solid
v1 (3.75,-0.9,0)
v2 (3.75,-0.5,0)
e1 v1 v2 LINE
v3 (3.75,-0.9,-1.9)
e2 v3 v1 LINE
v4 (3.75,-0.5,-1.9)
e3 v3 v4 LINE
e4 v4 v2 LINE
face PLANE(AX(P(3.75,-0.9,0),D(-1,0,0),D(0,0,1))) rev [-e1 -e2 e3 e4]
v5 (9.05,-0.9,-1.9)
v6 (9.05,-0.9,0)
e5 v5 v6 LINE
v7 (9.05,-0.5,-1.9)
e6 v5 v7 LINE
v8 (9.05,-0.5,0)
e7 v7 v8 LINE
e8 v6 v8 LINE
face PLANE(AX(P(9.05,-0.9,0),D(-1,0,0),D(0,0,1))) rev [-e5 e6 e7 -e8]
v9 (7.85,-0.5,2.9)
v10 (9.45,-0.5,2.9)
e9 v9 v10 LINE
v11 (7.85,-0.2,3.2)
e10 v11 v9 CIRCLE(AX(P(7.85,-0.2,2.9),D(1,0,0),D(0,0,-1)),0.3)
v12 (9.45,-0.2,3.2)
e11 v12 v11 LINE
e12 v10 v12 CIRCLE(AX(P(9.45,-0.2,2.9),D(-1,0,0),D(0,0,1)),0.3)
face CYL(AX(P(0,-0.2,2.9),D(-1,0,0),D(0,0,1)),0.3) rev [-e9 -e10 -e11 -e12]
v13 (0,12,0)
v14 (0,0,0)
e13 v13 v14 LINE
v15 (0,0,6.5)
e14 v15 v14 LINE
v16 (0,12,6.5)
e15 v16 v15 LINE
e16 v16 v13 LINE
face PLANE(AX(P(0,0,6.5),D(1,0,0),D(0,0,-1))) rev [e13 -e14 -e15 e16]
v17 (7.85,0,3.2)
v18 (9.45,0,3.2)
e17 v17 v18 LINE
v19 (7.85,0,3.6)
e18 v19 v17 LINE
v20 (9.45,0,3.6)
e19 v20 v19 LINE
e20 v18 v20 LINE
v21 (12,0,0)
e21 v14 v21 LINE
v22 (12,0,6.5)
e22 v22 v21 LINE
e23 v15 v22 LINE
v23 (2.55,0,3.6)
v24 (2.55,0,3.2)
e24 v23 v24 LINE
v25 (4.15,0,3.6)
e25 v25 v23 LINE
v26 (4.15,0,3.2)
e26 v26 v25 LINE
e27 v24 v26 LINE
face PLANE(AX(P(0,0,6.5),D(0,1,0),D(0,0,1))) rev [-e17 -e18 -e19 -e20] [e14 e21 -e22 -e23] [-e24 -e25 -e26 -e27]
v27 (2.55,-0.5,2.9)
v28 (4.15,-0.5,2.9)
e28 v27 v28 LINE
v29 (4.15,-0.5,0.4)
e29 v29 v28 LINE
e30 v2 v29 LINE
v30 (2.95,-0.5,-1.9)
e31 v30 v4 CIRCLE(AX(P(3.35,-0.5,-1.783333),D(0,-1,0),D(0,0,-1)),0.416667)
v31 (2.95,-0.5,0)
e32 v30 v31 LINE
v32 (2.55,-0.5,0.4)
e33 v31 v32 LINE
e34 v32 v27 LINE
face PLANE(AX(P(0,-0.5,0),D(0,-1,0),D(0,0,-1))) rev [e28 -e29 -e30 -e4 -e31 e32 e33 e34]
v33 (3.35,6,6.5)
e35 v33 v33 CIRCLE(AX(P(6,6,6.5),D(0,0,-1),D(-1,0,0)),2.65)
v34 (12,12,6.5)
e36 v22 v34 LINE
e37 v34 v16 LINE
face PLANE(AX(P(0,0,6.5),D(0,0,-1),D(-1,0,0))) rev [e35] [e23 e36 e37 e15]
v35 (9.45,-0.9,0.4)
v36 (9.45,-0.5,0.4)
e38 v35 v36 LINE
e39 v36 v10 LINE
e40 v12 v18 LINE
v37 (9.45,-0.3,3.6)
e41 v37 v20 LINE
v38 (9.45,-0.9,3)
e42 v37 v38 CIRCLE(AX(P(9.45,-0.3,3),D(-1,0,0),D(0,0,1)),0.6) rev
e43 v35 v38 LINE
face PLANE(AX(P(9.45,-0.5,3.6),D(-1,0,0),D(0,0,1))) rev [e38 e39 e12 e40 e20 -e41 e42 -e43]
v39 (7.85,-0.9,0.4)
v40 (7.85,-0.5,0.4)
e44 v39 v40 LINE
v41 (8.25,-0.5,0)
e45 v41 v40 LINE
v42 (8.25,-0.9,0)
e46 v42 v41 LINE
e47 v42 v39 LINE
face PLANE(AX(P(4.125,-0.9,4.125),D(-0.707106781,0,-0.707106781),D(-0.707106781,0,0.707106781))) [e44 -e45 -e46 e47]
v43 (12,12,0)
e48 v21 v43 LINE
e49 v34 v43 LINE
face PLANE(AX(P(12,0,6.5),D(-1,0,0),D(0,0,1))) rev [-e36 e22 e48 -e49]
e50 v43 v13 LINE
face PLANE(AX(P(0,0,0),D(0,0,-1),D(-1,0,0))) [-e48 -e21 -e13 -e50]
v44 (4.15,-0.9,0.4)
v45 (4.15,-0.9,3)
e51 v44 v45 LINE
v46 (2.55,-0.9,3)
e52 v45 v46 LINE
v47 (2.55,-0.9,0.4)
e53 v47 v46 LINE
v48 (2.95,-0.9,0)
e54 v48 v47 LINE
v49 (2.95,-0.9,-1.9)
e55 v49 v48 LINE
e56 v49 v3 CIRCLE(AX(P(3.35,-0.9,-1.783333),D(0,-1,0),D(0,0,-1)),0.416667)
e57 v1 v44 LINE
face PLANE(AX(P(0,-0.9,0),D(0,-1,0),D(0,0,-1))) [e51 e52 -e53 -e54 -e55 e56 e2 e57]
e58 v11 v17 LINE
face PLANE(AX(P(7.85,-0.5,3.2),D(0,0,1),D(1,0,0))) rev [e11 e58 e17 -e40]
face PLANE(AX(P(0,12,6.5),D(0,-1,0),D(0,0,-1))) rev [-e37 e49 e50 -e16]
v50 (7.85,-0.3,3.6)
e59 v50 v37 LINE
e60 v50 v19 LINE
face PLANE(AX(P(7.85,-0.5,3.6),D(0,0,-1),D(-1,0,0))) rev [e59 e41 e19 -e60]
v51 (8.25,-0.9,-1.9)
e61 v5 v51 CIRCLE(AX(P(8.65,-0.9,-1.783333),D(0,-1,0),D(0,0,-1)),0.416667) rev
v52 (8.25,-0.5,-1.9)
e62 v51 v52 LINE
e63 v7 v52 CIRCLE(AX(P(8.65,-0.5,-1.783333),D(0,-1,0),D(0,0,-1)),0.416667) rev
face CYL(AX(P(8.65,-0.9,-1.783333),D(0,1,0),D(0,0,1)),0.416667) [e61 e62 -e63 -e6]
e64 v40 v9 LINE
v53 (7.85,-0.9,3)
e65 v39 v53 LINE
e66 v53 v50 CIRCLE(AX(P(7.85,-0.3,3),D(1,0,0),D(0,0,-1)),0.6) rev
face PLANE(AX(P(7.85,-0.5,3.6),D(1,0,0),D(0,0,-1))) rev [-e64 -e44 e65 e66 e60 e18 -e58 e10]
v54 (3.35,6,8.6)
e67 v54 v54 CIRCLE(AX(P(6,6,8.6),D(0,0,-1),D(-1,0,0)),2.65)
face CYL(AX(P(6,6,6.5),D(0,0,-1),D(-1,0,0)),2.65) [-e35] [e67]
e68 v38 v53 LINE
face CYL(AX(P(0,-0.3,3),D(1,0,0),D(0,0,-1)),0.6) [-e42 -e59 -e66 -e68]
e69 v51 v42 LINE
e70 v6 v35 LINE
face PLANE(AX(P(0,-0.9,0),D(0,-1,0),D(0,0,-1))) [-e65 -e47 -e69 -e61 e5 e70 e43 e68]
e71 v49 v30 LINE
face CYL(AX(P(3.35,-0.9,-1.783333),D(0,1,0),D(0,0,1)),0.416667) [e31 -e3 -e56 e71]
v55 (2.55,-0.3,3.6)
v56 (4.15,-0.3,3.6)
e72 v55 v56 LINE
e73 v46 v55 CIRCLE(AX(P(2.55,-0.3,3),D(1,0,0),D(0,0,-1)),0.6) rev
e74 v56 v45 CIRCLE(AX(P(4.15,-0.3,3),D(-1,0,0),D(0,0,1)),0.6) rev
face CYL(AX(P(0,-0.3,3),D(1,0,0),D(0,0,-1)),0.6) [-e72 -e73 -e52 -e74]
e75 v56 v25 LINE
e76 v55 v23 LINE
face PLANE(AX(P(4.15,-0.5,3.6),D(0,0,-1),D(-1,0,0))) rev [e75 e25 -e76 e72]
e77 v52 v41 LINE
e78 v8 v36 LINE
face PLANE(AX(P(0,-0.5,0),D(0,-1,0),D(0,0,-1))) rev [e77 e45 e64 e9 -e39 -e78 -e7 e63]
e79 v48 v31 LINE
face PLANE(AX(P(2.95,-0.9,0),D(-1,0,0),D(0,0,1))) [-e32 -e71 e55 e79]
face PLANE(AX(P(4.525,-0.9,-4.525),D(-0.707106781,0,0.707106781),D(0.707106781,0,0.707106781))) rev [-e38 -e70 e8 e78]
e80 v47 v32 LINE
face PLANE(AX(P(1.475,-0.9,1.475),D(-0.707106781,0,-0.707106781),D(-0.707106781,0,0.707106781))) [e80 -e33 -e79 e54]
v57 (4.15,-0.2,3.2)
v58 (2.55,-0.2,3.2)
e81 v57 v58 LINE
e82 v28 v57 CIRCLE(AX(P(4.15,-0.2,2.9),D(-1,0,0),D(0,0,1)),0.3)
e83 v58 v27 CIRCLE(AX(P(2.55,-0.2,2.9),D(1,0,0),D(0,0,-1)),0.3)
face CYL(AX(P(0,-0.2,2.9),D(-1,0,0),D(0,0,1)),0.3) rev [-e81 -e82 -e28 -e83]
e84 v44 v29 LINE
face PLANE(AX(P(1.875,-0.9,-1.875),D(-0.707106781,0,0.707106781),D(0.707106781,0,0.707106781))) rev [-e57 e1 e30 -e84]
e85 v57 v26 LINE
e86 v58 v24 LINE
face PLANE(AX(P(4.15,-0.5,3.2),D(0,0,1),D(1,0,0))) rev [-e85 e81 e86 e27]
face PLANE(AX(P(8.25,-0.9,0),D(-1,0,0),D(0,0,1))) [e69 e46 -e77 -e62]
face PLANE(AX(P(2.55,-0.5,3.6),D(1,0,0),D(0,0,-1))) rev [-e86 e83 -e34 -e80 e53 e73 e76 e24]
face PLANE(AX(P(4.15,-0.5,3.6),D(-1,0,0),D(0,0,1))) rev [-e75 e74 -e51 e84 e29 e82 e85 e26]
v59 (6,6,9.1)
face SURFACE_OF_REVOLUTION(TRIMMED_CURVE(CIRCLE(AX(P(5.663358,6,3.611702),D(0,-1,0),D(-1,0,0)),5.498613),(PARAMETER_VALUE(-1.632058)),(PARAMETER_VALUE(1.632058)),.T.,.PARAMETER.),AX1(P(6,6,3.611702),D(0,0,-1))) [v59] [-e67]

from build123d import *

# Parameters (mm, degrees)
SKETCH1_W           = 12
SKETCH1_H           = 12
BOSS_EXTRUDE1_DEPTH = 6.5
SKETCH5_W           = 1.6
SKETCH5_H           = 0.4
BOSS_EXTRUDE3_DEPTH = 0.5
SKETCH6_W           = 1.6
SKETCH6_H           = 0.4
BOSS_EXTRUDE4_DEPTH = 0.4
FILLET1_R           = 0.6
FILLET2_R           = 0.3


with BuildPart() as part:
    # Sketch1 → Boss-Extrude1 (new body)
    with BuildSketch(Plane.XY):
        with Locations((6, 6)):
            Rectangle(SKETCH1_W, SKETCH1_H)
    extrude(amount=BOSS_EXTRUDE1_DEPTH)

    # Sketch4 → Revolve1 (revolve)
    with BuildSketch(Plane(origin=(0, 6, 0), x_dir=(1, 0, 0), z_dir=(0, 1, 0))):
        with BuildLine():
            Line((3.35, -8.6), (3.35, -6.5))
            Line((3.35, -6.5), (6, -6.5))
            Line((6, -6.5), (6, -9.1))
            ThreePointArc((6, -9.1), (4.643872087, -9.014977939), (3.35, -8.6))
        make_face()
    revolve(axis=Axis((6, 6, 6.5), (0, 0, 1)))

    # Sketch5 → Boss-Extrude3 (add)
    with BuildSketch(Plane.XZ):
        with Locations((8.65, 3.4)):
            Rectangle(SKETCH5_W, SKETCH5_H)
        with Locations((3.35, 3.4)):
            Rectangle(SKETCH5_W, SKETCH5_H)
    extrude(amount=BOSS_EXTRUDE3_DEPTH)

    # Sketch6 → Boss-Extrude4 (add)
    with BuildSketch(Plane.XZ.offset(0.5)):
        with BuildLine():
            Line((2.95, 0), (2.95, -1.9))
            ThreePointArc((2.95, -1.9), (3.35, -2.2), (3.75, -1.9))
            Line((3.75, -1.9), (3.75, 0))
            Line((3.75, 0), (4.15, 0.4))
            Line((4.15, 0.4), (4.15, 3.2))
            Line((4.15, 3.2), (2.55, 3.2))
            Line((2.55, 3.2), (2.55, 0.4))
            Line((2.55, 0.4), (2.95, 0))
        make_face()
        with Locations((3.35, 3.4)):
            Rectangle(SKETCH6_W, SKETCH6_H)
        with BuildLine():
            ThreePointArc((9.05, -1.9), (8.65, -2.2), (8.25, -1.9))
            Line((8.25, -1.9), (8.25, 0))
            Line((8.25, 0), (7.85, 0.4))
            Line((7.85, 0.4), (7.85, 3.6))
            Line((7.85, 3.6), (9.45, 3.6))
            Line((9.45, 3.6), (9.45, 0.4))
            Line((9.45, 0.4), (9.05, 0))
            Line((9.05, 0), (9.05, -1.9))
        make_face()
    extrude(amount=BOSS_EXTRUDE4_DEPTH)

    # Fillet1
    fillet1_edges = [part.edges().sort_by_distance(p)[0] for p in [
        (3.35, -0.9, 3.6),
        (8.65, -0.9, 3.6),
    ]]
    fillet(fillet1_edges, radius=FILLET1_R)

    # Fillet2
    fillet2_edges = [part.edges().sort_by_distance(p)[0] for p in [
        (3.35, -0.5, 3.2),
        (8.65, -0.5, 3.2),
    ]]
    fillet(fillet2_edges, radius=FILLET2_R)


solid = part.part
